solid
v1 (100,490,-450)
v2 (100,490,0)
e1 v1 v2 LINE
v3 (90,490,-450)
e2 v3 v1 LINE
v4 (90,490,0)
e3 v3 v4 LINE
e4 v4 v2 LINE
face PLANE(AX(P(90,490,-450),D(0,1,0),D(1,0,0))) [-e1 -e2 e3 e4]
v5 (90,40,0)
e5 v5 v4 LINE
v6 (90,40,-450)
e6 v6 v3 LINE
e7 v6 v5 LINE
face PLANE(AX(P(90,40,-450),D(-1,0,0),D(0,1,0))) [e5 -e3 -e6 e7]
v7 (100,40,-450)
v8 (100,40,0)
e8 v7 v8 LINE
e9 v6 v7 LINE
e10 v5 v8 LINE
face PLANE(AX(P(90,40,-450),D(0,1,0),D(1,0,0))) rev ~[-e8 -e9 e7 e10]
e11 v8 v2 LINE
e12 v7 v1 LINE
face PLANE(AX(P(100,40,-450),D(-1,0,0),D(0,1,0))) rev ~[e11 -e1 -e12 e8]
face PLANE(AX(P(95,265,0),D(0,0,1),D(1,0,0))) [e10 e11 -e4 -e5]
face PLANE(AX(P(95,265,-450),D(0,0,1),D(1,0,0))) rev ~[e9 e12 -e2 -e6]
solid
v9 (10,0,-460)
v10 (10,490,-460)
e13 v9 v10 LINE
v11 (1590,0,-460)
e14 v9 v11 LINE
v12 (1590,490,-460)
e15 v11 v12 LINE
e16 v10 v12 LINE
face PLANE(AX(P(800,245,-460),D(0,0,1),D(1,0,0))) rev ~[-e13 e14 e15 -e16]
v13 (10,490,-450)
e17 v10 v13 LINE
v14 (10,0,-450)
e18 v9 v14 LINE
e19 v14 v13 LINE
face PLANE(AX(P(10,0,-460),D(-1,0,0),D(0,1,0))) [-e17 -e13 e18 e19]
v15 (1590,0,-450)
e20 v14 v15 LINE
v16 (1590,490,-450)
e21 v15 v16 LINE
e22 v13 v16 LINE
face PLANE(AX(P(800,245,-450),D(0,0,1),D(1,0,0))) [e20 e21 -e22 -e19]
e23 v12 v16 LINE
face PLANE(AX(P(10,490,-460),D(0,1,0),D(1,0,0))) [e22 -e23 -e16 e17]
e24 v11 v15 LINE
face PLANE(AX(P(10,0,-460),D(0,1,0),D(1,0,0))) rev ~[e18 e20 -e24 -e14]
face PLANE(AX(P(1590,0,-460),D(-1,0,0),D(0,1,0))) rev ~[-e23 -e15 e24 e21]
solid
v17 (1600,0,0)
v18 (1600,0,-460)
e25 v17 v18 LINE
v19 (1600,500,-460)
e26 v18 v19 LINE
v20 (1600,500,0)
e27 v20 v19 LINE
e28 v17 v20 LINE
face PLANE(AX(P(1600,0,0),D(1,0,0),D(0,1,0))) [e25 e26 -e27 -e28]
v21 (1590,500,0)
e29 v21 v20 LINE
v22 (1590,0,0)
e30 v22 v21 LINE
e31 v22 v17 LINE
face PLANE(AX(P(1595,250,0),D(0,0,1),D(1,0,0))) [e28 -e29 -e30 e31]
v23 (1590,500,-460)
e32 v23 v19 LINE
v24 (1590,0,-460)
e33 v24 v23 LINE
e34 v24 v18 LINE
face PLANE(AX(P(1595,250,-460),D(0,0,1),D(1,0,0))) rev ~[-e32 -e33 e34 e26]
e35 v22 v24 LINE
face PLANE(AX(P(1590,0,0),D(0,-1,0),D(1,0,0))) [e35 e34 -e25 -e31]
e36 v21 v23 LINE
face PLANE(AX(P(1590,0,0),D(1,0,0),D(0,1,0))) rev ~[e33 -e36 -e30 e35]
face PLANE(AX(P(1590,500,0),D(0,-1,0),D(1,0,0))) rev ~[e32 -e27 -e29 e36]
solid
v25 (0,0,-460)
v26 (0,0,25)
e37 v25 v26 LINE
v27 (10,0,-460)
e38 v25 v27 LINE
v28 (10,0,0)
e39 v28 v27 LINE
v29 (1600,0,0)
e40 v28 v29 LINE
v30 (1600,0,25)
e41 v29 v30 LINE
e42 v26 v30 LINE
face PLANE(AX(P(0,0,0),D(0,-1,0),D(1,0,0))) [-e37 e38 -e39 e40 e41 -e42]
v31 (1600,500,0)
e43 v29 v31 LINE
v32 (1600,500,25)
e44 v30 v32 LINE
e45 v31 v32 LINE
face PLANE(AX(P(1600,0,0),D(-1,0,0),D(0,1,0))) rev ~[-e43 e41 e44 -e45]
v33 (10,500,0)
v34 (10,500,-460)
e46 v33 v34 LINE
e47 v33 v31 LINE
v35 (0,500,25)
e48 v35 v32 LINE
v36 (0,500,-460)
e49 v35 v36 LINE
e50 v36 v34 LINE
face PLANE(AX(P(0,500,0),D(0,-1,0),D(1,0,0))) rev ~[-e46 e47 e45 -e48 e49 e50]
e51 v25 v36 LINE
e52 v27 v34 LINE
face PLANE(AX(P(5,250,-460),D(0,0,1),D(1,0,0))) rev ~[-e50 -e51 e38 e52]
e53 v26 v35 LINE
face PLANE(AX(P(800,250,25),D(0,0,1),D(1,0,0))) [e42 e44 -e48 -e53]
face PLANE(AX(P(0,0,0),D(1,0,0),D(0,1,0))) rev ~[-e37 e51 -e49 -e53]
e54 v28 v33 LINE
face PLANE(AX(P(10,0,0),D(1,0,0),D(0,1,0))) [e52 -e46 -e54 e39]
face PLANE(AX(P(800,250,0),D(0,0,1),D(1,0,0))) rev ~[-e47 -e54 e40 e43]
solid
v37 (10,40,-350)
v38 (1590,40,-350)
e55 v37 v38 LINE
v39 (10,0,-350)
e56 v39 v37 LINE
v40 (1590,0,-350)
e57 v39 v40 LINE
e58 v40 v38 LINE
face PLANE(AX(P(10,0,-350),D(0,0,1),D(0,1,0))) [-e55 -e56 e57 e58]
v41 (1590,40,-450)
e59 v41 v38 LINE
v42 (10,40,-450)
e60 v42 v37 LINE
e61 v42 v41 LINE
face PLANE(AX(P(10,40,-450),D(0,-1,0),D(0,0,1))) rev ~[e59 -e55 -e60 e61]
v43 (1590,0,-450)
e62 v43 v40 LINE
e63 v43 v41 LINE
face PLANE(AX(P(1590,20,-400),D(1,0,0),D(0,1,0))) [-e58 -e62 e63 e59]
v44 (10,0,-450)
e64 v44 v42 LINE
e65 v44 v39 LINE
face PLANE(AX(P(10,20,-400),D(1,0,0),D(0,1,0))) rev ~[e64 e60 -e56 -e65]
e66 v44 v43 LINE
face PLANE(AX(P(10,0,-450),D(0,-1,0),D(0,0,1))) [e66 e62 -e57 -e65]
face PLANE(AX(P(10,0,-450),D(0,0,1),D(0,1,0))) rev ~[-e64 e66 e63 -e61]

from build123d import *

# Parameters (mm, degrees)
F0_W      = 1600
F0_H      = 500
F1_DEPTH  = 25
F3_W      = 1580
F3_H      = 490
F4_DEPTH  = 10
F5_W      = 10
F5_H      = 500
F6_DEPTH  = 460
F7_W      = 10
F7_H      = 500
F8_DEPTH  = 460
F9_W      = 40
F9_H      = 100
F10_DEPTH = 1580
F11_W     = 10
F11_H     = 450
F12_DEPTH = 450


with BuildPart() as f1:
    # F0 (on Top) → F1 (new body)
    with BuildSketch(Plane.XY):
        with Locations((800, 250)):
            Rectangle(F0_W, F0_H)
    extrude(amount=F1_DEPTH)

    # F5 (on face) → F6 (join, through all)
    with BuildSketch(Plane.XY):
        with Locations((5, 250)):
            Rectangle(F5_W, F5_H)
    extrude(amount=-F6_DEPTH)


with BuildPart() as f4:
    # F3 (on offset) → F4 (new body)
    with BuildSketch(Plane.XY.offset(-460)):
        with Locations((800, 245)):
            Rectangle(F3_W, F3_H)
    extrude(amount=F4_DEPTH)


with BuildPart() as f8:
    # F7 (on face) → F8 (new body, through all)
    with BuildSketch(Plane.XY):
        with Locations((1595, 250)):
            Rectangle(F7_W, F7_H)
    extrude(amount=-F8_DEPTH)


with BuildPart() as f10:
    # F9 (on face) → F10 (new body, through all)
    with BuildSketch(Plane.YZ.offset(10)):
        with Locations((20, -400)):
            Rectangle(F9_W, F9_H)
    extrude(amount=F10_DEPTH)


with BuildPart() as f12:
    # F11 (on face) → F12 (new body, through all)
    with BuildSketch(Plane.XY.offset(-450)):
        with Locations((95, 265)):
            Rectangle(F11_W, F11_H)
    extrude(amount=F12_DEPTH)


solid = Compound([f1.part, f4.part, f8.part, f10.part, f12.part])
